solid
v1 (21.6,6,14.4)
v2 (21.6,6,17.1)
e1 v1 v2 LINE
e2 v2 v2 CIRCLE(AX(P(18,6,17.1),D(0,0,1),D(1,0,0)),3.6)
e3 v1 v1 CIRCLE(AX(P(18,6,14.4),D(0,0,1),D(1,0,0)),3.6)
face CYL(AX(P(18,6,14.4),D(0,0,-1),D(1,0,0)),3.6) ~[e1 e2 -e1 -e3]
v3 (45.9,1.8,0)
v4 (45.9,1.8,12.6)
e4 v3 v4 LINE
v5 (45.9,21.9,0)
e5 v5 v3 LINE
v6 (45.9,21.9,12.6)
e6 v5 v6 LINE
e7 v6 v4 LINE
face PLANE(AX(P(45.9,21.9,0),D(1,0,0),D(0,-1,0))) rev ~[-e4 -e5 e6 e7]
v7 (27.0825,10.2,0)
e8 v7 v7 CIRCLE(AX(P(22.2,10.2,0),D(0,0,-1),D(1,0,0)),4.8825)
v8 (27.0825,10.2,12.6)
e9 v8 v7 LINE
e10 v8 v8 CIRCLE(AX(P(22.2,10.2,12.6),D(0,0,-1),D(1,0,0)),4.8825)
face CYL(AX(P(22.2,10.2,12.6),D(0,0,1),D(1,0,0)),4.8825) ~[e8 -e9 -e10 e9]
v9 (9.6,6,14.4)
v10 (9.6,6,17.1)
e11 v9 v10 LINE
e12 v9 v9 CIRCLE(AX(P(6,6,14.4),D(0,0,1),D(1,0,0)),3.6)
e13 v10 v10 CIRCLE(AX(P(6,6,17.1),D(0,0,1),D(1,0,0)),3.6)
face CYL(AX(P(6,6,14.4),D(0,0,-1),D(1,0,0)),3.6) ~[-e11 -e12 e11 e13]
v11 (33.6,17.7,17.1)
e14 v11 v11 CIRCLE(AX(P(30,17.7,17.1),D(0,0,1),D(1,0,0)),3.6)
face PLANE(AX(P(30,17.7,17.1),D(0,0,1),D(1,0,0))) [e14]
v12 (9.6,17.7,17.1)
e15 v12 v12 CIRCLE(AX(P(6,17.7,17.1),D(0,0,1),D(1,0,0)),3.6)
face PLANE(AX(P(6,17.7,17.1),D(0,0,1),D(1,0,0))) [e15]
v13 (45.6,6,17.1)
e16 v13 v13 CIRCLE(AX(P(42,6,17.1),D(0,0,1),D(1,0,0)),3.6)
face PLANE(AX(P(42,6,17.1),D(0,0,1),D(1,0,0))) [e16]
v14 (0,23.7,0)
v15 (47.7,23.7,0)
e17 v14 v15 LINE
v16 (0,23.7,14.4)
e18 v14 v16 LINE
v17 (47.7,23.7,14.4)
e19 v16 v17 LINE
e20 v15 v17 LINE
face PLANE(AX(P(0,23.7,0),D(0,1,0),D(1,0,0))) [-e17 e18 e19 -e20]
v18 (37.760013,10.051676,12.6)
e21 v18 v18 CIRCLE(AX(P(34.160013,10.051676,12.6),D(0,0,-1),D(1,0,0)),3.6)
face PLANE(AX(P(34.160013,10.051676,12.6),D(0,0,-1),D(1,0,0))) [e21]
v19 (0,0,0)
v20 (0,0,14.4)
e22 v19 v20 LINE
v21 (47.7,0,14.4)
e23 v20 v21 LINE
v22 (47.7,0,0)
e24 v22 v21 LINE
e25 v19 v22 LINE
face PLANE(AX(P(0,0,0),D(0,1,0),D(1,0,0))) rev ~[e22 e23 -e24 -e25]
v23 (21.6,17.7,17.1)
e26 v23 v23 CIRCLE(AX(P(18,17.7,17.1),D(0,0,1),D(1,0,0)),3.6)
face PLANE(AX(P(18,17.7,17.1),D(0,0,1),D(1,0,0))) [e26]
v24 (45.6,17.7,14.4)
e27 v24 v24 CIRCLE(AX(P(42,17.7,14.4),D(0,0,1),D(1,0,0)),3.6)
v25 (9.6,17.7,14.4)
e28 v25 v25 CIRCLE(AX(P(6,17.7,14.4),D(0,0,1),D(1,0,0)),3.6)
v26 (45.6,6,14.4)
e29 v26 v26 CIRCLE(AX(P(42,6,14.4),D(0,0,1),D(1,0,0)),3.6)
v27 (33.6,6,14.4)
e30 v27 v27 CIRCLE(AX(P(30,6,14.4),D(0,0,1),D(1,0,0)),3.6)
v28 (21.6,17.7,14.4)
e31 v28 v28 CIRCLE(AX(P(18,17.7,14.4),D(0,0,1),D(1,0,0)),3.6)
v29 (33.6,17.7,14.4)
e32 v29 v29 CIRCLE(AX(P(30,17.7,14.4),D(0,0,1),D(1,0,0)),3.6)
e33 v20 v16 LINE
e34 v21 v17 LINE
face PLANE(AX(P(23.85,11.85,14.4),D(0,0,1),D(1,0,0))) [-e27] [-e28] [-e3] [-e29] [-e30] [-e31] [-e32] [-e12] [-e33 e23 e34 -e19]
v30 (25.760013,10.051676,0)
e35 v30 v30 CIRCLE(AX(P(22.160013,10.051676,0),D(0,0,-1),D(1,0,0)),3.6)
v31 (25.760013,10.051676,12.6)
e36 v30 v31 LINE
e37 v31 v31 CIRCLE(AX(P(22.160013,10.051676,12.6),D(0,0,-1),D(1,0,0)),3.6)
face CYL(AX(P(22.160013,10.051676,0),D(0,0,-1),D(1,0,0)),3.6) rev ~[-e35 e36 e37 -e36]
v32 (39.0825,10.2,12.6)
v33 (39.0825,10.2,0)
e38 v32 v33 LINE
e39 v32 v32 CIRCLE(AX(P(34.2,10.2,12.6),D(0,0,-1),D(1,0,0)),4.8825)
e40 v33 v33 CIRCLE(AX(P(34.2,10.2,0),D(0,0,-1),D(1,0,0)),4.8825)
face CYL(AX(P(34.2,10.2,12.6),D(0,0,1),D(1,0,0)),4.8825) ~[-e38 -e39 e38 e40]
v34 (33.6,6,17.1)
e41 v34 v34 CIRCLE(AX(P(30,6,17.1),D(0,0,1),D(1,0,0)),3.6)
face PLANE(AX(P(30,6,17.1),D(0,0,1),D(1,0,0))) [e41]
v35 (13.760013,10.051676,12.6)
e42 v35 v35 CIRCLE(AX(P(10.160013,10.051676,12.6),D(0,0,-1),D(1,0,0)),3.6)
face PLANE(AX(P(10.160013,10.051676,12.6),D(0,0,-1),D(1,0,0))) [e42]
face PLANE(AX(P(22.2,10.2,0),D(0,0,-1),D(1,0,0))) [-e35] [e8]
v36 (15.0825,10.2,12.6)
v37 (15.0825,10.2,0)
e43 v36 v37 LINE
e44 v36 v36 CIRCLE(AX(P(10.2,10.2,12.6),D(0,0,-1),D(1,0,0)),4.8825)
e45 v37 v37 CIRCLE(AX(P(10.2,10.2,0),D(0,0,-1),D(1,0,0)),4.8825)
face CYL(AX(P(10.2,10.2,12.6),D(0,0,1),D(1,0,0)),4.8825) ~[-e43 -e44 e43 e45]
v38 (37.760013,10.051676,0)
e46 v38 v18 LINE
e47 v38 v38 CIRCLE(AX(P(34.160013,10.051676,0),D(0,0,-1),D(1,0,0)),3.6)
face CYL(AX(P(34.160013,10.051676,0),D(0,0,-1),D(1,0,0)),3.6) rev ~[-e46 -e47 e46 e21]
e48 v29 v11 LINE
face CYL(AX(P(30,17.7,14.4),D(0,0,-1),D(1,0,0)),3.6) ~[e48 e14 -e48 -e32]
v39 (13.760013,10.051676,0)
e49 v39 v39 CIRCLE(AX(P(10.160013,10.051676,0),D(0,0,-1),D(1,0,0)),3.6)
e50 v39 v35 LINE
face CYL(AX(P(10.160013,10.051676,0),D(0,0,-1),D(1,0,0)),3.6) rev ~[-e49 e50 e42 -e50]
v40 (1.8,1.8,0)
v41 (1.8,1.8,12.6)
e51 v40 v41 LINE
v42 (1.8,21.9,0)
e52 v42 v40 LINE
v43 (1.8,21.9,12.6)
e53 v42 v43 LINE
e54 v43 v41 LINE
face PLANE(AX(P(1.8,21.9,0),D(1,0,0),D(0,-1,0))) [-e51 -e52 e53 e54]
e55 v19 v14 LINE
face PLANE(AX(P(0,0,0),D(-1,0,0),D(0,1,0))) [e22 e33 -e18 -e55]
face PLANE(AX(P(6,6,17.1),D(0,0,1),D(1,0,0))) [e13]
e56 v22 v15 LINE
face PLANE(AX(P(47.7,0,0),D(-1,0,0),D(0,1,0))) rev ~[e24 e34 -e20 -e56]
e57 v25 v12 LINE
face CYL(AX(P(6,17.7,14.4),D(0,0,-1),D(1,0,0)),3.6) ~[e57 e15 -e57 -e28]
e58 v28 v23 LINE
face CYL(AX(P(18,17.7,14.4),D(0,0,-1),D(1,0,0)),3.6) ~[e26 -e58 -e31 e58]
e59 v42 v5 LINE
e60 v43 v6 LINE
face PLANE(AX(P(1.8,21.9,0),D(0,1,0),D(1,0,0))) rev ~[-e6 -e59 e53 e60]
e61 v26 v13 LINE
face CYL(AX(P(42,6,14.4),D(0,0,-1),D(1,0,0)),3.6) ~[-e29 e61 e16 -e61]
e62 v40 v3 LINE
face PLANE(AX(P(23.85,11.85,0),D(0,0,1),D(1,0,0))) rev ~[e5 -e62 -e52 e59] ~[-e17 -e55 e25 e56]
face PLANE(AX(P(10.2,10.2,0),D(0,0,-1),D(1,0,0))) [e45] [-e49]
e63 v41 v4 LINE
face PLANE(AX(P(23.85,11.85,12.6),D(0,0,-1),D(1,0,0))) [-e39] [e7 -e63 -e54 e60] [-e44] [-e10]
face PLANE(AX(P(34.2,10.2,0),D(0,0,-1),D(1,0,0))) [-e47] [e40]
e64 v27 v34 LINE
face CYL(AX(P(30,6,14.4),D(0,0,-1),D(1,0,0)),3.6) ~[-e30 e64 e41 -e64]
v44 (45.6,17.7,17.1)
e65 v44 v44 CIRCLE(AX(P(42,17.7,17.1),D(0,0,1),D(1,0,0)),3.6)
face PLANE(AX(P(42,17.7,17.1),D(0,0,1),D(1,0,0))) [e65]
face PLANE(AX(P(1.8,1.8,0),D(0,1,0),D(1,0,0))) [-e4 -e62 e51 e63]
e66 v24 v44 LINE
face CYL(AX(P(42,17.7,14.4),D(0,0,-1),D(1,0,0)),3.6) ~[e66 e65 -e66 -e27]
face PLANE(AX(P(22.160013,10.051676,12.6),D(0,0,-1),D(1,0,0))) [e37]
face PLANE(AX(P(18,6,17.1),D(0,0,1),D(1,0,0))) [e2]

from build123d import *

# Parameters (mm, degrees)
SKETCH_W               = 47.7
SKETCH_H               = 23.7
PAD_DEPTH              = 14.4
SKETCH001_W            = 44.1
SKETCH001_H            = 20.1
POCKET_DEPTH           = 12.6
SKETCH002_R            = 3.6
PAD001_DEPTH           = 2.7
LINEARPATTERN_COUNT    = 4
LINEARPATTERN_PITCH    = 12
SKETCH003_R            = 4.8825
PAD002_DEPTH           = 12.6
LINEARPATTERN001_COUNT = 3
LINEARPATTERN001_PITCH = 12
SKETCH006_R            = 3.6
POCKET001_DEPTH        = 12.6
LINEARPATTERN002_COUNT = 3
LINEARPATTERN002_PITCH = 12


with BuildPart() as part:
    # Sketch → Pad (new body)
    with BuildSketch(Plane.XY):
        with Locations((23.85, 11.85)):
            Rectangle(SKETCH_W, SKETCH_H)
    extrude(amount=PAD_DEPTH)

    # Sketch001 (on Face5 of Pad) → Pocket (cut)
    with BuildSketch(Plane(origin=(0, 0, 0), x_dir=(1, 0, 0), z_dir=(0, 0, -1))):
        with Locations((23.85, -11.85)):
            Rectangle(SKETCH001_W, SKETCH001_H)
    extrude(amount=-POCKET_DEPTH, mode=Mode.SUBTRACT)

    # Sketch002 (on Face5 of Pocket) → Pad001 (join)
    with BuildSketch(Plane.XY.offset(14.4)):
        with Locations((6, 17.7)):
            Circle(SKETCH002_R)
        with Locations((6, 6)):
            Circle(SKETCH002_R)
    pad001 = extrude(amount=PAD001_DEPTH)

    # LinearPattern: Pad001 ×4
    with Locations(*[(i * LINEARPATTERN_PITCH, 0, 0) for i in range(1, LINEARPATTERN_COUNT)]):
        add(pad001)

    # Sketch003 (on Face19 of LinearPattern) → Pad002 (join)
    with BuildSketch(Plane(origin=(0, 0, 12.6), x_dir=(1, 0, 0), z_dir=(0, 0, -1))):
        with Locations((10.2, -10.2)):
            Circle(SKETCH003_R)
    pad002 = extrude(amount=PAD002_DEPTH)

    # LinearPattern001: Pad002 ×3
    with Locations(*[(i * LINEARPATTERN001_PITCH, 0, 0) for i in range(1, LINEARPATTERN001_COUNT)]):
        add(pad002)

    # Sketch006 (on Face32 of LinearPattern001) → Pocket001 (cut)
    with BuildSketch(Plane(origin=(0, 0, 0), x_dir=(1, 0, 0), z_dir=(0, 0, -1))):
        with Locations((10.160013, -10.051676)):
            Circle(SKETCH006_R)
    pocket001 = extrude(amount=-POCKET001_DEPTH, mode=Mode.SUBTRACT)

    # LinearPattern002: Pocket001 ×3
    with Locations(*[(i * LINEARPATTERN002_PITCH, 0, 0) for i in range(1, LINEARPATTERN002_COUNT)]):
        add(pocket001, mode=Mode.SUBTRACT)


solid = part.part
